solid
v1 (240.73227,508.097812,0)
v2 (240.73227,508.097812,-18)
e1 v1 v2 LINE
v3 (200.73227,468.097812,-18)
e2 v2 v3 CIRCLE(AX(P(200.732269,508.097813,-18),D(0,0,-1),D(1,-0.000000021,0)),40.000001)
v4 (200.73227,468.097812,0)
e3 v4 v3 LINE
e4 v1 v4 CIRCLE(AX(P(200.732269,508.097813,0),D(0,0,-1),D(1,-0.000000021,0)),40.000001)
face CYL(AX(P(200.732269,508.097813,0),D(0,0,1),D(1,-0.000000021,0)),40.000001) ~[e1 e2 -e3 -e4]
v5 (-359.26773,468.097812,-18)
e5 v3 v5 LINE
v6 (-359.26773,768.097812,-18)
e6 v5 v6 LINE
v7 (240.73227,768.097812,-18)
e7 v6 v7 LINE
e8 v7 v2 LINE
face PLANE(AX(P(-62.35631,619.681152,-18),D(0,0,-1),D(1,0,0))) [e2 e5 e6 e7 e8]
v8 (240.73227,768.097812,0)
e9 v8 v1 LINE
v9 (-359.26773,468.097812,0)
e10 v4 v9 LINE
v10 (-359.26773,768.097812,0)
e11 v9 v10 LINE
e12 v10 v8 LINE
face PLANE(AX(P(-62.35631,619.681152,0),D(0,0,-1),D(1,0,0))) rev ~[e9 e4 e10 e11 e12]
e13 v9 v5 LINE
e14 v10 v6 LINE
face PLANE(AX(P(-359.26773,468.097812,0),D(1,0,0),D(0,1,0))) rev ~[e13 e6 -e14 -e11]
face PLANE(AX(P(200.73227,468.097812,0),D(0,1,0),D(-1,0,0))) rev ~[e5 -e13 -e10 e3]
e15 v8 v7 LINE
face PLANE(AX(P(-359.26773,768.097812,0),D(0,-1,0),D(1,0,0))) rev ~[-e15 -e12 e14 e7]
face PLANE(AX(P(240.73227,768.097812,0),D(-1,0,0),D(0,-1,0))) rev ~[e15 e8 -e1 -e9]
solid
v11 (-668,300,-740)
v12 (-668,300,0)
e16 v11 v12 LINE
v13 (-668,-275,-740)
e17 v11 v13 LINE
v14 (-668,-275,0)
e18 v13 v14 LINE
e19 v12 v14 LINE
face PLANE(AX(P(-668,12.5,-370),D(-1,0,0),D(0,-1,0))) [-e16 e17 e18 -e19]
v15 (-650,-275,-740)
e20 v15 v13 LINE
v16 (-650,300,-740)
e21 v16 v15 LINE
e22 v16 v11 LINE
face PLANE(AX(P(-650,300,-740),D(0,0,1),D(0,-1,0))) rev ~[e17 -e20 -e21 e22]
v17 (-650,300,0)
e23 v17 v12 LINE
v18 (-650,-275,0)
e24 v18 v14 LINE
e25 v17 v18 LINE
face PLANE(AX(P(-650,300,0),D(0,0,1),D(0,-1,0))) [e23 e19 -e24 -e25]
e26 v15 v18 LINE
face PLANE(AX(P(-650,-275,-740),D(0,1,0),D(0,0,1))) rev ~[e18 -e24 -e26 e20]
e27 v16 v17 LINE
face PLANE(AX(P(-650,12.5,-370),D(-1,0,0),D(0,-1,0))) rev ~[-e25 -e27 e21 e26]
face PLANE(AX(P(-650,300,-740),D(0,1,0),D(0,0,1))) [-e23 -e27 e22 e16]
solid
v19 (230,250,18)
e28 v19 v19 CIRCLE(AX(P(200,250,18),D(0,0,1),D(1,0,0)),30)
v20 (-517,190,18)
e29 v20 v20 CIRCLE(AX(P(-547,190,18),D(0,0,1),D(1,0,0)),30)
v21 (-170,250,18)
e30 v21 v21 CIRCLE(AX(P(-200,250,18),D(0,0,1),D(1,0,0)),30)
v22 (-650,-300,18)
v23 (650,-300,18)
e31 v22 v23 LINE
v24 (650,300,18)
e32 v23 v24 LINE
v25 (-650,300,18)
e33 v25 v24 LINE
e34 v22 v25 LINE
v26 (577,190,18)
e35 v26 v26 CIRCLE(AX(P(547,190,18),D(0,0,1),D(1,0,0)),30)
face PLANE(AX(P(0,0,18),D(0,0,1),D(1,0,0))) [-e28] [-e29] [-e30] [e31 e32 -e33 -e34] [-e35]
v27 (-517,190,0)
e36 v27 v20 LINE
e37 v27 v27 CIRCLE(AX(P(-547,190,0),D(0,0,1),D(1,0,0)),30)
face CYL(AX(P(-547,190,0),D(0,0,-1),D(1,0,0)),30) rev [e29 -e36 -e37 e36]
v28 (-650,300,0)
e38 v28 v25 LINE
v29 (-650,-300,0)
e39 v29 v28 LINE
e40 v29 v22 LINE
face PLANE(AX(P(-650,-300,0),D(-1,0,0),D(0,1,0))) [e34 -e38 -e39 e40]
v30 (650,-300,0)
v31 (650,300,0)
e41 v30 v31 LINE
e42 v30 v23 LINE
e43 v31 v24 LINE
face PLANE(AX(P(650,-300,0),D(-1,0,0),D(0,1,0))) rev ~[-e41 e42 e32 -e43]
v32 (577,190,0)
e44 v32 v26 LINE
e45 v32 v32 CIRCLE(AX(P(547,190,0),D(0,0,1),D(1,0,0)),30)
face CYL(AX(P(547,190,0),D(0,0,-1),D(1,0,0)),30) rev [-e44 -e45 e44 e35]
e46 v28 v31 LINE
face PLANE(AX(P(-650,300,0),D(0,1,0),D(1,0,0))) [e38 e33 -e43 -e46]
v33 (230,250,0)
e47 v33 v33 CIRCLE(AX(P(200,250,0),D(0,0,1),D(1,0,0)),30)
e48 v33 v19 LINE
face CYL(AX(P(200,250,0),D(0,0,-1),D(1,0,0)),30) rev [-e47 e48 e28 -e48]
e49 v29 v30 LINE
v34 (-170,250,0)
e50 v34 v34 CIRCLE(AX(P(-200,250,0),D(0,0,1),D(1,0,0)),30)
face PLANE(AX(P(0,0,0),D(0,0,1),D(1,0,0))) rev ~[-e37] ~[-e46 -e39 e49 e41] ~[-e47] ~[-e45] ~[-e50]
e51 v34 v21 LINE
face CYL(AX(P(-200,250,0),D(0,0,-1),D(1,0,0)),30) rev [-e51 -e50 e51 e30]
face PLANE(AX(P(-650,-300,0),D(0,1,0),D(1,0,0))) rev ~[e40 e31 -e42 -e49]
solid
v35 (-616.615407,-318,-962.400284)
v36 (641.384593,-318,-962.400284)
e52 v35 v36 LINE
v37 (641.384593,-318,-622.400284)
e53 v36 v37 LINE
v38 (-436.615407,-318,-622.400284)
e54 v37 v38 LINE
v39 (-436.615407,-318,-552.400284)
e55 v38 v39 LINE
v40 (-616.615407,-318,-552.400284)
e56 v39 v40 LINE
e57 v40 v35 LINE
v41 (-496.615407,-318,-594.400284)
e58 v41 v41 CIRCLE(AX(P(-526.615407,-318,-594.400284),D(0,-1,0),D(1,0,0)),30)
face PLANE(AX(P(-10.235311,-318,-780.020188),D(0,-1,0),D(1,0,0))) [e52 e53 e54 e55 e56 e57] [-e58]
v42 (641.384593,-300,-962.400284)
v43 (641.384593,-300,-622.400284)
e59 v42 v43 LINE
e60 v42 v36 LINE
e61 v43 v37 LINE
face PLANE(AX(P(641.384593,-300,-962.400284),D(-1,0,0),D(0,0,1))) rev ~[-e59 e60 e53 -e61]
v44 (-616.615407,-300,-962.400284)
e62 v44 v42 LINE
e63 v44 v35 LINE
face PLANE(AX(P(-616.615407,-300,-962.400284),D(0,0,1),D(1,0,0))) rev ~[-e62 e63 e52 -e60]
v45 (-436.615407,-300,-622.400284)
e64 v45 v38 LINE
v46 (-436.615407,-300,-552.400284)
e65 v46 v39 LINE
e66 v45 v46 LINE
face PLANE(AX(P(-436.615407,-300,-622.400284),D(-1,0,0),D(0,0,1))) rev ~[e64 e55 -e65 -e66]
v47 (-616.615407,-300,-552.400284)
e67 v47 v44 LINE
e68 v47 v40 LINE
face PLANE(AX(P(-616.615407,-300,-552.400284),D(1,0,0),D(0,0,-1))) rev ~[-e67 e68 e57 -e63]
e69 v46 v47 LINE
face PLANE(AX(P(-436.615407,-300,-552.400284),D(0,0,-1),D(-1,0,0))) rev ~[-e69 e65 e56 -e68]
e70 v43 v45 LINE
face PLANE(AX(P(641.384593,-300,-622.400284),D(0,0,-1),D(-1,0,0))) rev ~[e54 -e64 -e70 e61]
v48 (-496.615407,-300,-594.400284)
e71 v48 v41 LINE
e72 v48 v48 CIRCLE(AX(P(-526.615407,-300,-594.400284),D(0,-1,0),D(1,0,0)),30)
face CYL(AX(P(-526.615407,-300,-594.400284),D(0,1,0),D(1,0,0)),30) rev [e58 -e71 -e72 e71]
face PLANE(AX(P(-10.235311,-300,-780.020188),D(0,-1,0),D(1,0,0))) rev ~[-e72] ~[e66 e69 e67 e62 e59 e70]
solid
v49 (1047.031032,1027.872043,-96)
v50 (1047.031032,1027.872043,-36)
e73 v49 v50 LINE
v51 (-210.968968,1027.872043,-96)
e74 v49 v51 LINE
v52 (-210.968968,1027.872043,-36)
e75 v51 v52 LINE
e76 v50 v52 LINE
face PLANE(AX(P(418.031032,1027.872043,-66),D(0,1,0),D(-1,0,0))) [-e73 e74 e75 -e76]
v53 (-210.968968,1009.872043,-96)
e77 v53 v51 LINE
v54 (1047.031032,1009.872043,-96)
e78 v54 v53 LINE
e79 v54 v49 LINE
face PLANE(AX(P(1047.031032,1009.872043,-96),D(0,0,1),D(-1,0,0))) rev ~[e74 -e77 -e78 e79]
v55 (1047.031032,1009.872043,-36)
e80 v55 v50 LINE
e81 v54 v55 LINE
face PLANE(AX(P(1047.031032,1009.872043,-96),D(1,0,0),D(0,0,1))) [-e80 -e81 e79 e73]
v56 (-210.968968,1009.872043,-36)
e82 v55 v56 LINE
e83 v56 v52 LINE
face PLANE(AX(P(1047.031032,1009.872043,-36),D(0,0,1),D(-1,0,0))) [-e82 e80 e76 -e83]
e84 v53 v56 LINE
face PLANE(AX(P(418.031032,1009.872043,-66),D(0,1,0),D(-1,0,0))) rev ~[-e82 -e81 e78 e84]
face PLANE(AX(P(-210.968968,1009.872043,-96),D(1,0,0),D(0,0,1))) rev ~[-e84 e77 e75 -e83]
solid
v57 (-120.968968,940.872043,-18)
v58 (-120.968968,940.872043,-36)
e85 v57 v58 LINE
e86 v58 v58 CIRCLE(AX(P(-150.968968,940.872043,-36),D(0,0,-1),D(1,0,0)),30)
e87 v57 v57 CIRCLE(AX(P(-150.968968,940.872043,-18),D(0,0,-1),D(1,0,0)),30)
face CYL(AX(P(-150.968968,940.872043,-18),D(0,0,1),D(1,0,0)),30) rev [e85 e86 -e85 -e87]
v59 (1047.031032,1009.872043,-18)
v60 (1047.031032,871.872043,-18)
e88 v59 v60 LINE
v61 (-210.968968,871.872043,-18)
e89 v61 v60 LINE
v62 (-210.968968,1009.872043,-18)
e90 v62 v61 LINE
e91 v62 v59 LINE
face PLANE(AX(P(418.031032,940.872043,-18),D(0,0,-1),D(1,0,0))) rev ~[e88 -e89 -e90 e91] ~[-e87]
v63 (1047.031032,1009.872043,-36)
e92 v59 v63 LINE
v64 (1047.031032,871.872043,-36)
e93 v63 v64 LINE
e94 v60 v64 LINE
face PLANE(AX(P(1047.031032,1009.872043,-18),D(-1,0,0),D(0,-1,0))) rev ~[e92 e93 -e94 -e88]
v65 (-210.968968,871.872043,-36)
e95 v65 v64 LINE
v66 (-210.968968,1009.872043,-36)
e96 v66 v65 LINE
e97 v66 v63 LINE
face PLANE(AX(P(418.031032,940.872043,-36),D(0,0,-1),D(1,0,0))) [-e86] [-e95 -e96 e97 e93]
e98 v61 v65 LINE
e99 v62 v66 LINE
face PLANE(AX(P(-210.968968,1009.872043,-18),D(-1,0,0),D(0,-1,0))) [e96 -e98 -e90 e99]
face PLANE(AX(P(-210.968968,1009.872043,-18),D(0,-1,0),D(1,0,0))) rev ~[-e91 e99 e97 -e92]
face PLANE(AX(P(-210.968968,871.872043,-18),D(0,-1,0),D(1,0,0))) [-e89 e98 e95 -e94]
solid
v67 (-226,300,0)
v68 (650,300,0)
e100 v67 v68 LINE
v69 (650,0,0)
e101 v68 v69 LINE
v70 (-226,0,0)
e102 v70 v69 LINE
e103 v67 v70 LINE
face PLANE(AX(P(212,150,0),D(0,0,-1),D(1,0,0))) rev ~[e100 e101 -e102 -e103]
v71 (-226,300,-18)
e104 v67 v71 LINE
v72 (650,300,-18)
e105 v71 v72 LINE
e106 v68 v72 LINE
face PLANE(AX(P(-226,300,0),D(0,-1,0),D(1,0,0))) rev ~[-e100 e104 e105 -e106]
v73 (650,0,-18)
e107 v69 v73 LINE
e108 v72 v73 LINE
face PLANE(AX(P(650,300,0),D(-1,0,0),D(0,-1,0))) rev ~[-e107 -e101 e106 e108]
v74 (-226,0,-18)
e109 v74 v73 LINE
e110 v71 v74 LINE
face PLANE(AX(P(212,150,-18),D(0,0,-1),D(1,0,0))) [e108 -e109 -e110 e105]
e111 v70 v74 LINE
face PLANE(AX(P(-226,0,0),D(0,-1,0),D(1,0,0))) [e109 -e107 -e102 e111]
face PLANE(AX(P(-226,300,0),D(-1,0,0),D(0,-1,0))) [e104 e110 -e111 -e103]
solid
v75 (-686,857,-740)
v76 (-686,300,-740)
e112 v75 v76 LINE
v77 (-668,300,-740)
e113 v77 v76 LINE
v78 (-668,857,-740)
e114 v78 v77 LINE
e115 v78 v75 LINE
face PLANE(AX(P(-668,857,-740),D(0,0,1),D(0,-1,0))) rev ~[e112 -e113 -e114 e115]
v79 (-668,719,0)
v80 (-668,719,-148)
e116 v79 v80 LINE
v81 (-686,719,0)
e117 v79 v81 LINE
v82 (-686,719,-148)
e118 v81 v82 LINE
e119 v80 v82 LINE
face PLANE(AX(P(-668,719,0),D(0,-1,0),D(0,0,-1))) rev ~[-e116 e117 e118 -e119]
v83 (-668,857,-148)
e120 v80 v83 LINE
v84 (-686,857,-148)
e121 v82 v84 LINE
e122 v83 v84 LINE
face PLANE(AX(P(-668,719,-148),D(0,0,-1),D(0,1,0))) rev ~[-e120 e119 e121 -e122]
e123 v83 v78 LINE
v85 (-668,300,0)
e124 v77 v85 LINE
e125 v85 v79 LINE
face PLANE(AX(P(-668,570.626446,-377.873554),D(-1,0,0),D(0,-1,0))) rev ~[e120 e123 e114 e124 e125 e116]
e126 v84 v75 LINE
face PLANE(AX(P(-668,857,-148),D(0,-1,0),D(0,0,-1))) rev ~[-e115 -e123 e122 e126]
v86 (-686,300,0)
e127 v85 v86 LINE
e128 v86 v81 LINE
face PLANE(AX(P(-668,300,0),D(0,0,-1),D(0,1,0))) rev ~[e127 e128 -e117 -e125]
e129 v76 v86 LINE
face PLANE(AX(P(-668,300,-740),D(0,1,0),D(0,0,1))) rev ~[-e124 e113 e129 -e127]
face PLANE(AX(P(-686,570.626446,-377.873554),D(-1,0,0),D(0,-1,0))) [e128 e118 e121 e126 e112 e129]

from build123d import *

# Parameters (mm, degrees)
F0_W      = 1300
F0_H      = 600
F0_R      = 30
F1_DEPTH  = 18
F2_W      = 575
F2_H      = 740
F3_DEPTH  = 18
F5_DEPTH  = 18
F7_DEPTH  = 18
F8_R      = 30
F9_DEPTH  = 18
F10_W     = 876
F10_H     = 300
F11_DEPTH = 18
F12_W     = 1258
F12_H     = 138
F12_R     = 30
F13_DEPTH = 18
F14_W     = 1258
F14_H     = 60
F15_DEPTH = 18


with BuildPart() as f1:
    # F0 (on Top) → F1 (new body)
    with BuildSketch(Plane.XY):
        Rectangle(F0_W, F0_H)
        with Locations((-547, 190)):
            Circle(F0_R, mode=Mode.SUBTRACT)
        with Locations((-200, 250)):
            Circle(F0_R, mode=Mode.SUBTRACT)
        with Locations((200, 250)):
            Circle(F0_R, mode=Mode.SUBTRACT)
        with Locations((547, 190)):
            Circle(F0_R, mode=Mode.SUBTRACT)
    extrude(amount=F1_DEPTH)


with BuildPart() as f3:
    # F2 (on face) → F3 (new body)
    with BuildSketch(Plane(origin=(-650, 0, 0), x_dir=(0, -1, 0), z_dir=(-1, 0, 0))):
        with Locations((-12.5, -370)):
            Rectangle(F2_W, F2_H)
    extrude(amount=F3_DEPTH)


with BuildPart() as f5:
    # F4 (on face) → F5 (new body)
    with BuildSketch(Plane(origin=(-668, 0, 0), x_dir=(0, -1, 0), z_dir=(-1, 0, 0))):
        Polygon((-857, -740), (-300, -740), (-300, 0), (-719, 0), (-719, -148), (-857, -148), align=None)
    extrude(amount=F5_DEPTH)


with BuildPart() as f7:
    # F6 (on face) → F7 (new body)
    with BuildSketch(Plane(origin=(0, 0, 0), x_dir=(1, 0, 0), z_dir=(0, 0, -1))):
        with BuildLine():
            Line((200.73227, -468.097812), (-359.26773, -468.097812))
            Line((-359.26773, -468.097812), (-359.26773, -768.097812))
            Line((-359.26773, -768.097812), (240.73227, -768.097812))
            Line((240.73227, -768.097812), (240.73227, -508.097812))
            ThreePointArc((240.73227, -508.097812), (229.016541, -479.813541), (200.73227, -468.097812))
        make_face()
    extrude(amount=F7_DEPTH)


with BuildPart() as f9:
    # F8 (on face) → F9 (new body)
    with BuildSketch(Plane.XZ.offset(300)):
        Polygon((641.384593, -622.400284), (-436.615407, -622.400284), (-436.615407, -552.400284), (-616.615407, -552.400284), (-616.615407, -962.400284), (641.384593, -962.400284), align=None)
        with Locations((-526.615407, -594.400284)):
            Circle(F8_R, mode=Mode.SUBTRACT)
    extrude(amount=F9_DEPTH)


with BuildPart() as f11:
    # F10 (on face) → F11 (new body)
    with BuildSketch(Plane(origin=(0, 0, 0), x_dir=(1, 0, 0), z_dir=(0, 0, -1))):
        with Locations((212, -150)):
            Rectangle(F10_W, F10_H)
    extrude(amount=F11_DEPTH)


with BuildPart() as f13:
    # F12 (on face) → F13 (new body)
    with BuildSketch(Plane(origin=(0, 0, -18), x_dir=(1, 0, 0), z_dir=(0, 0, -1))):
        with Locations((418.031032, -940.872043)):
            Rectangle(F12_W, F12_H)
        with Locations((-150.968968, -940.872043)):
            Circle(F12_R, mode=Mode.SUBTRACT)
    extrude(amount=F13_DEPTH)


with BuildPart() as f15:
    # F14 (on face) → F15 (new body)
    with BuildSketch(Plane(origin=(0, 1009.872043, 0), x_dir=(-1, 0, 0), z_dir=(0, 1, 0))):
        with Locations((-418.031032, -66)):
            Rectangle(F14_W, F14_H)
    extrude(amount=F15_DEPTH)


solid = Compound([f1.part, f3.part, f5.part, f7.part, f9.part, f11.part, f13.part, f15.part])
